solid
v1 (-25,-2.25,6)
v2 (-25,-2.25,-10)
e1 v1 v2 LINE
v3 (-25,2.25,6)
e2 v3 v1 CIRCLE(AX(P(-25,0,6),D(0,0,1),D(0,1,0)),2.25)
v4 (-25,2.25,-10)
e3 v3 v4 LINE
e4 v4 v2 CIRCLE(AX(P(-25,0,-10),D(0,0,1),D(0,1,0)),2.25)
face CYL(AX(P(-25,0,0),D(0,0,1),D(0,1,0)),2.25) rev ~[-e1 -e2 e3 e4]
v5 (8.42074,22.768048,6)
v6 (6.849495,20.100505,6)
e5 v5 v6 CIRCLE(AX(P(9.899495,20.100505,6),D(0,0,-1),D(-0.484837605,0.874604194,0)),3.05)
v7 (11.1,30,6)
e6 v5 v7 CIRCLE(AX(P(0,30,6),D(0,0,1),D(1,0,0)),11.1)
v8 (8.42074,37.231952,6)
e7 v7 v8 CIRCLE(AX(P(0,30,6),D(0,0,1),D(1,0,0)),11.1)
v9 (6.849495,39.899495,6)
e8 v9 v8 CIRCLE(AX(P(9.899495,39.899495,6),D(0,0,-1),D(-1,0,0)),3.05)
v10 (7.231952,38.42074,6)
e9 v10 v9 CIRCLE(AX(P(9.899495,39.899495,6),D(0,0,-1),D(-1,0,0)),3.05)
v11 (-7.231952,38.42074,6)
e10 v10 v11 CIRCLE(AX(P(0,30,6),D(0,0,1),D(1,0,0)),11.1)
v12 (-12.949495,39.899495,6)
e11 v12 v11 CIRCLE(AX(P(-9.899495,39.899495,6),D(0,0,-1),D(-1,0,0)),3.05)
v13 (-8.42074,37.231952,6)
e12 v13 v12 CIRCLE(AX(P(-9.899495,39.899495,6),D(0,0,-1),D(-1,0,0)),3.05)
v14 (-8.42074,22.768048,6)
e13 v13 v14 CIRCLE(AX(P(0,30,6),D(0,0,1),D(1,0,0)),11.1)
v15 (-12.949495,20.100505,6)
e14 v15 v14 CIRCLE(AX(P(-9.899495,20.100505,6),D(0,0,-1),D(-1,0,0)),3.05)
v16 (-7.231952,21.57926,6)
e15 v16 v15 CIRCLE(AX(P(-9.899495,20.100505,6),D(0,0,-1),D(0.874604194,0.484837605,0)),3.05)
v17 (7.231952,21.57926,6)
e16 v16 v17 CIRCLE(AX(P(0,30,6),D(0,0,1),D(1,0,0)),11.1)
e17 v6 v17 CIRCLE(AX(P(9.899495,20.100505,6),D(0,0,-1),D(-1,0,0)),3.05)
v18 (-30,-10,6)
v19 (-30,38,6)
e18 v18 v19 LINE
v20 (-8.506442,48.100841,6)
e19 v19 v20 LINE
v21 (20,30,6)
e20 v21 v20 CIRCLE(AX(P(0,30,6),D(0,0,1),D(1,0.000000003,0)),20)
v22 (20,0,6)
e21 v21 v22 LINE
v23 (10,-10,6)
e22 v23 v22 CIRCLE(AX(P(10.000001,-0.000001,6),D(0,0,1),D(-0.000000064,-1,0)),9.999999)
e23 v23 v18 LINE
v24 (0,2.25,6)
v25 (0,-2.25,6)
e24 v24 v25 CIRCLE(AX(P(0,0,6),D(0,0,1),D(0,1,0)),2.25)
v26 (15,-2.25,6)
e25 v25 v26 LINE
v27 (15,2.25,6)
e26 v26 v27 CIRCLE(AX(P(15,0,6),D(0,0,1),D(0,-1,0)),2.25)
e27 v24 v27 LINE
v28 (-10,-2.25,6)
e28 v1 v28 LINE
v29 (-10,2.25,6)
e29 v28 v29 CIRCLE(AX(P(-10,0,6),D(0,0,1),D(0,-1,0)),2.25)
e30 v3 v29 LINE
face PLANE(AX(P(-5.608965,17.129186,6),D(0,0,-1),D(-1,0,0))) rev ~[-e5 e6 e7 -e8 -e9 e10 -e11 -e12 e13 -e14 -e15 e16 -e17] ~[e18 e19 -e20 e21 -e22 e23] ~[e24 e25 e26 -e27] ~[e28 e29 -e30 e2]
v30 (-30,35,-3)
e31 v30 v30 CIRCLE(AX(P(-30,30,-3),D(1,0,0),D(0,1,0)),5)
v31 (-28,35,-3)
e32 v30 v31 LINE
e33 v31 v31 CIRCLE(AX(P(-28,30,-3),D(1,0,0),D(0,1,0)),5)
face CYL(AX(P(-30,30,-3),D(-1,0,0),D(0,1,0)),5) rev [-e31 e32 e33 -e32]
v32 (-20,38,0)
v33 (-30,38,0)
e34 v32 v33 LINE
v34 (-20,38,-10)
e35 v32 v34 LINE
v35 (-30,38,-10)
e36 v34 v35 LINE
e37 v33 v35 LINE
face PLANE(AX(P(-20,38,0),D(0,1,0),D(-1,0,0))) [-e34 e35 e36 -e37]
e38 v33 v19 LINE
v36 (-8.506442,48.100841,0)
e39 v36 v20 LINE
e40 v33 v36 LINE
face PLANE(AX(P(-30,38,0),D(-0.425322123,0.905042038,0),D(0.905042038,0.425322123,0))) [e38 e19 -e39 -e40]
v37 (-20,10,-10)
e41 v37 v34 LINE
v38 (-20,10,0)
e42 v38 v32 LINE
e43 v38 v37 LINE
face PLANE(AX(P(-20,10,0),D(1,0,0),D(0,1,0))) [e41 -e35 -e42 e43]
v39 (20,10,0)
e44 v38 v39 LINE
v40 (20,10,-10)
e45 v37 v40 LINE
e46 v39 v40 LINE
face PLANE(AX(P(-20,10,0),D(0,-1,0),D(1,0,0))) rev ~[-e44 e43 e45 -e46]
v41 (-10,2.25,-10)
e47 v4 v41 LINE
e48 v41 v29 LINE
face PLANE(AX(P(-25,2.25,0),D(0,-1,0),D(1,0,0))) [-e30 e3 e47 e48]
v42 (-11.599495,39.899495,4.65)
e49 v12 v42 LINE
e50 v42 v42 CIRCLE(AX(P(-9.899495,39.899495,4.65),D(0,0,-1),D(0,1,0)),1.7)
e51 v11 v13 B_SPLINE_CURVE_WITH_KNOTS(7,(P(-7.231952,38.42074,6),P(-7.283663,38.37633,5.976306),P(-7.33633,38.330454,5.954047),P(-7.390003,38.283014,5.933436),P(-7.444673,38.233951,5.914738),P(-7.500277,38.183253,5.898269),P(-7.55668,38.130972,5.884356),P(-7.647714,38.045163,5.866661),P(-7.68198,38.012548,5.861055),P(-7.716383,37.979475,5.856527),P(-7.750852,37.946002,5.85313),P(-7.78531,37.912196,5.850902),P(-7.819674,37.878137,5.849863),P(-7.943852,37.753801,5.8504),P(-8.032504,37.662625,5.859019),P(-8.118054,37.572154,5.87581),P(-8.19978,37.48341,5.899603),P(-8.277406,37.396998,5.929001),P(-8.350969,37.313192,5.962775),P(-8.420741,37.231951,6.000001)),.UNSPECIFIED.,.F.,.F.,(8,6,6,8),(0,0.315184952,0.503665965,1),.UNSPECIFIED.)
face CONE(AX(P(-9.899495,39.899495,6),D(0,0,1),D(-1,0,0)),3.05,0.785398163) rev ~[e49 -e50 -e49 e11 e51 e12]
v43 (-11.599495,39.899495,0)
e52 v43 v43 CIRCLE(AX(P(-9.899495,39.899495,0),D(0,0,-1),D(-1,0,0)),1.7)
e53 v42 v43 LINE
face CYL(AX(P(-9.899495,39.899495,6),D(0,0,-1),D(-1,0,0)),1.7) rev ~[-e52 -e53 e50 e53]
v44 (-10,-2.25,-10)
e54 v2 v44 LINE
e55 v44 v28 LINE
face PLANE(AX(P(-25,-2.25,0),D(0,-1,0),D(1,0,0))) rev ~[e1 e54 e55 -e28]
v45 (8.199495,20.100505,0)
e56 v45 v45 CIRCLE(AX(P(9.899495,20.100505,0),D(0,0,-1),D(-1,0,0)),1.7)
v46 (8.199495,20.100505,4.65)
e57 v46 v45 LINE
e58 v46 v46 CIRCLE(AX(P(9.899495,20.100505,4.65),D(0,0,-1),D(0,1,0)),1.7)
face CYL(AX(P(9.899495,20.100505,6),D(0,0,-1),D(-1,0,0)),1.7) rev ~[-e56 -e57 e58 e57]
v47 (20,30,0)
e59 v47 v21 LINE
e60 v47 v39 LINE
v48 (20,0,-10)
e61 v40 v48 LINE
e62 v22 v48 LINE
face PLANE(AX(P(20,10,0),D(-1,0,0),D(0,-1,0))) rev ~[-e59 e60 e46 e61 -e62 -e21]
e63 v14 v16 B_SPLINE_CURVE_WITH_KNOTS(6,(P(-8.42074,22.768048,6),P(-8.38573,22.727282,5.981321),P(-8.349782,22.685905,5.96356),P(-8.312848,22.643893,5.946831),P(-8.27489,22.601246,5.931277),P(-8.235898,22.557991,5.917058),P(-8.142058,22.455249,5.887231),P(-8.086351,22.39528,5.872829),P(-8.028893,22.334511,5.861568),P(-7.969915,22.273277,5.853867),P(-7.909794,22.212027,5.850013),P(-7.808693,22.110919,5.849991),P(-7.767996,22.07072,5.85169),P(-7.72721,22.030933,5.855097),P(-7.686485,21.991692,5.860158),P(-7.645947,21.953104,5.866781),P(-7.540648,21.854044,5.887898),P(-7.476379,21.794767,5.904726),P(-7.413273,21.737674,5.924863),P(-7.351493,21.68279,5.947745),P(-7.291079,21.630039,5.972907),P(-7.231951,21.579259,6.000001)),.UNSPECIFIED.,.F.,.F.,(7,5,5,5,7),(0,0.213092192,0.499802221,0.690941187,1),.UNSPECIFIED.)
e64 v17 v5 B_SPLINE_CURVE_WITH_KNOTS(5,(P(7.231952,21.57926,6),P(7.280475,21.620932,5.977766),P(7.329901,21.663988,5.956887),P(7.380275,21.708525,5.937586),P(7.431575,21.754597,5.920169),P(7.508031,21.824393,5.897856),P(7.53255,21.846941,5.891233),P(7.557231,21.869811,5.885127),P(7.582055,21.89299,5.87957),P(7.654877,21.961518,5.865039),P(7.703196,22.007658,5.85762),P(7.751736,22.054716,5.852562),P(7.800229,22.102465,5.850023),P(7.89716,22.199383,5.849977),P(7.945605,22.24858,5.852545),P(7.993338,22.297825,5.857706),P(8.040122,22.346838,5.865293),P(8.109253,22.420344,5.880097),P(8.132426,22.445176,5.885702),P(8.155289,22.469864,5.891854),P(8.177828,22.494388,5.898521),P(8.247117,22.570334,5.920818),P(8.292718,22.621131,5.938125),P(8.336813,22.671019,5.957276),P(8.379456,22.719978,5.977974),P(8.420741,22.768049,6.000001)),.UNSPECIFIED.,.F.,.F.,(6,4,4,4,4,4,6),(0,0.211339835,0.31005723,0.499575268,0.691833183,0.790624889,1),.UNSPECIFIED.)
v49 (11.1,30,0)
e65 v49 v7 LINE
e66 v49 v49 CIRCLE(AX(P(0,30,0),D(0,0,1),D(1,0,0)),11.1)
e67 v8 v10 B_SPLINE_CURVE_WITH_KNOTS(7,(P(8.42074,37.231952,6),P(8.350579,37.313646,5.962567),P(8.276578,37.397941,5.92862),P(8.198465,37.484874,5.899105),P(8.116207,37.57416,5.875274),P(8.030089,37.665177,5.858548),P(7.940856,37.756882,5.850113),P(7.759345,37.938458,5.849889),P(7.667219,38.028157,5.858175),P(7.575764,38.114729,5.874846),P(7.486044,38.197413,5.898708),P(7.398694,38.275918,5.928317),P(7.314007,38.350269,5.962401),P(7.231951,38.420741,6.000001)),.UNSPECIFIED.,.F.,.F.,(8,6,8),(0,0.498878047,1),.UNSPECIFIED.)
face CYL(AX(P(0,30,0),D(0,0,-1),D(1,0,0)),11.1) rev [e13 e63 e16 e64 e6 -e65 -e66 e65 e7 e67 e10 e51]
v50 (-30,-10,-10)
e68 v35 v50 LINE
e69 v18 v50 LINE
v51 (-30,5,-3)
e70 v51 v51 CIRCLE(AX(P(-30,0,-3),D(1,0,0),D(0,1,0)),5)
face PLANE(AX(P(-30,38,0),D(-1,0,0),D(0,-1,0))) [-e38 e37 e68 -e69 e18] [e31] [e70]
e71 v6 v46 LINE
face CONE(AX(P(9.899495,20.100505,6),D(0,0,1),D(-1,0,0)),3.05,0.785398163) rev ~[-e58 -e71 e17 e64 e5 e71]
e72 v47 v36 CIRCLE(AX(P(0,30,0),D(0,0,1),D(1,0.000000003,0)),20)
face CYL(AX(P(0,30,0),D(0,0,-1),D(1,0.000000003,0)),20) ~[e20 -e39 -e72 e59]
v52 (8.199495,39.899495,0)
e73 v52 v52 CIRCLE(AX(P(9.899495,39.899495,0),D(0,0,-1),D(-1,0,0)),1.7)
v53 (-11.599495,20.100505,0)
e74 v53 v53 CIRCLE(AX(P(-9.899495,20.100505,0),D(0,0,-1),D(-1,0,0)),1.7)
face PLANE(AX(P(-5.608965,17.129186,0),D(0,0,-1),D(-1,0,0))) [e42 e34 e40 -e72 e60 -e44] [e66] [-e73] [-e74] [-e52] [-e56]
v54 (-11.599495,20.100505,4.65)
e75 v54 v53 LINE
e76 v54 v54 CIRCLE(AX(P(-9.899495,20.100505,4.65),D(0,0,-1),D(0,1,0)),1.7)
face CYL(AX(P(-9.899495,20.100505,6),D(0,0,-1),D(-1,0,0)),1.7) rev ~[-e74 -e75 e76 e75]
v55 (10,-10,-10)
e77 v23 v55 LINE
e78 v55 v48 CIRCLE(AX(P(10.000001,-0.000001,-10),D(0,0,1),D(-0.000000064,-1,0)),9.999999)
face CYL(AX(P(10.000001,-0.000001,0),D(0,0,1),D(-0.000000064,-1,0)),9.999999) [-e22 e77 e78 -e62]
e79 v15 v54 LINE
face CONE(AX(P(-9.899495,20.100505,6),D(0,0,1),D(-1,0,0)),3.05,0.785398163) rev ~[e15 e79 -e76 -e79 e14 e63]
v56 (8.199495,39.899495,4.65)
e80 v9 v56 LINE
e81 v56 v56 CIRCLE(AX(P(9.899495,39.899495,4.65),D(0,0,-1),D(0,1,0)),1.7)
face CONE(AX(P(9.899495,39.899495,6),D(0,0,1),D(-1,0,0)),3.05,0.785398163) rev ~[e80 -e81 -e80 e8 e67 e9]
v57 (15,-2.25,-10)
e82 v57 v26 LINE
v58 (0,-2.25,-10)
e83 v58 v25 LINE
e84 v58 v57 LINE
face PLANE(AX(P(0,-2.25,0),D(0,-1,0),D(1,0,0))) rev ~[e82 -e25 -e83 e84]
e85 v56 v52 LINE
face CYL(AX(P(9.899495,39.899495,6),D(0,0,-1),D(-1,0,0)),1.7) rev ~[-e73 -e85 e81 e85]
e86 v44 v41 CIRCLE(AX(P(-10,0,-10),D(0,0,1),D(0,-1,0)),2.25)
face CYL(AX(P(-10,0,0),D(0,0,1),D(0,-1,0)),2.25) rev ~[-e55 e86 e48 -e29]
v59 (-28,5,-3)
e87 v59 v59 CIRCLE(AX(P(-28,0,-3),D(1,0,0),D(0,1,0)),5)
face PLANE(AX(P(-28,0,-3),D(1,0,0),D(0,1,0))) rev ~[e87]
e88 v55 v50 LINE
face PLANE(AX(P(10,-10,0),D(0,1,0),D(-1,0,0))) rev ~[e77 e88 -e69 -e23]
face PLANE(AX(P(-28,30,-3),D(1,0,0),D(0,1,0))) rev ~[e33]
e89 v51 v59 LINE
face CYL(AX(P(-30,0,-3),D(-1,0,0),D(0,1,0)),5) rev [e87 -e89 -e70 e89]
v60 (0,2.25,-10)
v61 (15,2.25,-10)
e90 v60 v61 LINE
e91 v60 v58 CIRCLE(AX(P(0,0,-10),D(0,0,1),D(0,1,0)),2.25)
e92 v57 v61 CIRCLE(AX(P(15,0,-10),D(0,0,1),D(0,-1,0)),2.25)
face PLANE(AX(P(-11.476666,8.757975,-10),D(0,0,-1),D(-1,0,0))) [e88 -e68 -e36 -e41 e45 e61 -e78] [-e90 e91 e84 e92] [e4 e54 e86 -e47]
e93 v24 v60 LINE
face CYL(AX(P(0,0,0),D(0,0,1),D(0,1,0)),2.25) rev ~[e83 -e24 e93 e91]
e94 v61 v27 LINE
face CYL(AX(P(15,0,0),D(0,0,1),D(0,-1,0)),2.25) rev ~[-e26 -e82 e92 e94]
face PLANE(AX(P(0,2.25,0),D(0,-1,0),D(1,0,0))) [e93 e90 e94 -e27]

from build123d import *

# Parameters (mm, degrees)
SKETCH030_R         = 11.1
SKETCH030_R_2       = 1.65
PAD018_DEPTH        = 6
PAD021_DEPTH        = 10
SKETCH032_R         = 5
POCKET013_DEPTH     = 2
HOLE004_D           = 3.4
HOLE004_CSINK_D     = 6.1
HOLE004_CSINK_ANGLE = 90


with BuildPart() as part:
    # Sketch030 → Pad018 (new body)
    with BuildSketch(Plane.XY):
        with BuildLine():
            Line((-30, -10), (-30, 10))
            Line((-30, 10), (-30, 38))
            Line((-30, 38), (-8.506442, 48.100841))
            ThreePointArc((20, 30), (10.720801, 46.883851), (-8.506442, 48.100841))
            Line((20, 30), (20, 0))
            ThreePointArc((10, -10), (17.071068, -7.071068), (20, 0))
            Line((10, -10), (-30, -10))
        make_face()
        with Locations((0, 30)):
            Circle(SKETCH030_R, mode=Mode.SUBTRACT)
        with Locations((-9.899495, 39.899495)):
            Circle(SKETCH030_R_2, mode=Mode.SUBTRACT)
        with Locations((9.899495, 39.899495)):
            Circle(SKETCH030_R_2, mode=Mode.SUBTRACT)
        with Locations((9.899495, 20.100505)):
            Circle(SKETCH030_R_2, mode=Mode.SUBTRACT)
        with Locations((-9.899495, 20.100505)):
            Circle(SKETCH030_R_2, mode=Mode.SUBTRACT)
        with BuildLine():
            ThreePointArc((-25, 2.25), (-27.25, 0), (-25, -2.25))
            Line((-25, -2.25), (-10, -2.25))
            ThreePointArc((-10, -2.25), (-7.75, 0), (-10, 2.25))
            Line((-25, 2.25), (-10, 2.25))
        make_face(mode=Mode.SUBTRACT)
        with BuildLine():
            ThreePointArc((0, 2.25), (-2.25, 0), (0, -2.25))
            Line((0, -2.25), (15, -2.25))
            ThreePointArc((15, -2.25), (17.25, 0), (15, 2.25))
            Line((0, 2.25), (15, 2.25))
        make_face(mode=Mode.SUBTRACT)
    extrude(amount=PAD018_DEPTH)

    # Sketch036 → Pad021 (join)
    with BuildSketch(Plane.XY):
        with BuildLine():
            Line((20, 10), (20, 0))
            ThreePointArc((10, -10), (17.071068, -7.071068), (20, 0))
            Line((10, -10), (-30, -10))
            Line((-30, -10), (-30, 10))
            Line((-30, 38), (-30, 10))
            Line((-20, 38), (-30, 38))
            Line((-20, 10), (-20, 38))
            Line((-20, 10), (20, 10))
        make_face()
        with BuildLine():
            ThreePointArc((-25, 2.25), (-27.25, 0), (-25, -2.25))
            Line((-25, -2.25), (-10, -2.25))
            ThreePointArc((-10, -2.25), (-7.75, 0), (-10, 2.25))
            Line((-25, 2.25), (-10, 2.25))
        make_face(mode=Mode.SUBTRACT)
        with BuildLine():
            ThreePointArc((0, 2.25), (-2.25, 0), (0, -2.25))
            Line((0, -2.25), (15, -2.25))
            ThreePointArc((15, -2.25), (17.25, 0), (15, 2.25))
            Line((0, 2.25), (15, 2.25))
        make_face(mode=Mode.SUBTRACT)
    extrude(amount=-PAD021_DEPTH)

    # Sketch032 → Pocket013 (cut)
    with BuildSketch(Plane.YZ.offset(-30)):
        with Locations((0, -3)):
            Circle(SKETCH032_R)
        with Locations((30, -3)):
            Circle(SKETCH032_R)
    extrude(amount=POCKET013_DEPTH, mode=Mode.SUBTRACT)

    # Hole004 (through all)
    with Locations(Plane.XY.offset(6)):
        with Locations((9.899495, 39.899495), (-9.899495, 39.899495), (-9.899495, 20.100505), (9.899495, 20.100505)):
            CounterSinkHole(HOLE004_D / 2, HOLE004_CSINK_D / 2, counter_sink_angle=HOLE004_CSINK_ANGLE)


solid = part.part
